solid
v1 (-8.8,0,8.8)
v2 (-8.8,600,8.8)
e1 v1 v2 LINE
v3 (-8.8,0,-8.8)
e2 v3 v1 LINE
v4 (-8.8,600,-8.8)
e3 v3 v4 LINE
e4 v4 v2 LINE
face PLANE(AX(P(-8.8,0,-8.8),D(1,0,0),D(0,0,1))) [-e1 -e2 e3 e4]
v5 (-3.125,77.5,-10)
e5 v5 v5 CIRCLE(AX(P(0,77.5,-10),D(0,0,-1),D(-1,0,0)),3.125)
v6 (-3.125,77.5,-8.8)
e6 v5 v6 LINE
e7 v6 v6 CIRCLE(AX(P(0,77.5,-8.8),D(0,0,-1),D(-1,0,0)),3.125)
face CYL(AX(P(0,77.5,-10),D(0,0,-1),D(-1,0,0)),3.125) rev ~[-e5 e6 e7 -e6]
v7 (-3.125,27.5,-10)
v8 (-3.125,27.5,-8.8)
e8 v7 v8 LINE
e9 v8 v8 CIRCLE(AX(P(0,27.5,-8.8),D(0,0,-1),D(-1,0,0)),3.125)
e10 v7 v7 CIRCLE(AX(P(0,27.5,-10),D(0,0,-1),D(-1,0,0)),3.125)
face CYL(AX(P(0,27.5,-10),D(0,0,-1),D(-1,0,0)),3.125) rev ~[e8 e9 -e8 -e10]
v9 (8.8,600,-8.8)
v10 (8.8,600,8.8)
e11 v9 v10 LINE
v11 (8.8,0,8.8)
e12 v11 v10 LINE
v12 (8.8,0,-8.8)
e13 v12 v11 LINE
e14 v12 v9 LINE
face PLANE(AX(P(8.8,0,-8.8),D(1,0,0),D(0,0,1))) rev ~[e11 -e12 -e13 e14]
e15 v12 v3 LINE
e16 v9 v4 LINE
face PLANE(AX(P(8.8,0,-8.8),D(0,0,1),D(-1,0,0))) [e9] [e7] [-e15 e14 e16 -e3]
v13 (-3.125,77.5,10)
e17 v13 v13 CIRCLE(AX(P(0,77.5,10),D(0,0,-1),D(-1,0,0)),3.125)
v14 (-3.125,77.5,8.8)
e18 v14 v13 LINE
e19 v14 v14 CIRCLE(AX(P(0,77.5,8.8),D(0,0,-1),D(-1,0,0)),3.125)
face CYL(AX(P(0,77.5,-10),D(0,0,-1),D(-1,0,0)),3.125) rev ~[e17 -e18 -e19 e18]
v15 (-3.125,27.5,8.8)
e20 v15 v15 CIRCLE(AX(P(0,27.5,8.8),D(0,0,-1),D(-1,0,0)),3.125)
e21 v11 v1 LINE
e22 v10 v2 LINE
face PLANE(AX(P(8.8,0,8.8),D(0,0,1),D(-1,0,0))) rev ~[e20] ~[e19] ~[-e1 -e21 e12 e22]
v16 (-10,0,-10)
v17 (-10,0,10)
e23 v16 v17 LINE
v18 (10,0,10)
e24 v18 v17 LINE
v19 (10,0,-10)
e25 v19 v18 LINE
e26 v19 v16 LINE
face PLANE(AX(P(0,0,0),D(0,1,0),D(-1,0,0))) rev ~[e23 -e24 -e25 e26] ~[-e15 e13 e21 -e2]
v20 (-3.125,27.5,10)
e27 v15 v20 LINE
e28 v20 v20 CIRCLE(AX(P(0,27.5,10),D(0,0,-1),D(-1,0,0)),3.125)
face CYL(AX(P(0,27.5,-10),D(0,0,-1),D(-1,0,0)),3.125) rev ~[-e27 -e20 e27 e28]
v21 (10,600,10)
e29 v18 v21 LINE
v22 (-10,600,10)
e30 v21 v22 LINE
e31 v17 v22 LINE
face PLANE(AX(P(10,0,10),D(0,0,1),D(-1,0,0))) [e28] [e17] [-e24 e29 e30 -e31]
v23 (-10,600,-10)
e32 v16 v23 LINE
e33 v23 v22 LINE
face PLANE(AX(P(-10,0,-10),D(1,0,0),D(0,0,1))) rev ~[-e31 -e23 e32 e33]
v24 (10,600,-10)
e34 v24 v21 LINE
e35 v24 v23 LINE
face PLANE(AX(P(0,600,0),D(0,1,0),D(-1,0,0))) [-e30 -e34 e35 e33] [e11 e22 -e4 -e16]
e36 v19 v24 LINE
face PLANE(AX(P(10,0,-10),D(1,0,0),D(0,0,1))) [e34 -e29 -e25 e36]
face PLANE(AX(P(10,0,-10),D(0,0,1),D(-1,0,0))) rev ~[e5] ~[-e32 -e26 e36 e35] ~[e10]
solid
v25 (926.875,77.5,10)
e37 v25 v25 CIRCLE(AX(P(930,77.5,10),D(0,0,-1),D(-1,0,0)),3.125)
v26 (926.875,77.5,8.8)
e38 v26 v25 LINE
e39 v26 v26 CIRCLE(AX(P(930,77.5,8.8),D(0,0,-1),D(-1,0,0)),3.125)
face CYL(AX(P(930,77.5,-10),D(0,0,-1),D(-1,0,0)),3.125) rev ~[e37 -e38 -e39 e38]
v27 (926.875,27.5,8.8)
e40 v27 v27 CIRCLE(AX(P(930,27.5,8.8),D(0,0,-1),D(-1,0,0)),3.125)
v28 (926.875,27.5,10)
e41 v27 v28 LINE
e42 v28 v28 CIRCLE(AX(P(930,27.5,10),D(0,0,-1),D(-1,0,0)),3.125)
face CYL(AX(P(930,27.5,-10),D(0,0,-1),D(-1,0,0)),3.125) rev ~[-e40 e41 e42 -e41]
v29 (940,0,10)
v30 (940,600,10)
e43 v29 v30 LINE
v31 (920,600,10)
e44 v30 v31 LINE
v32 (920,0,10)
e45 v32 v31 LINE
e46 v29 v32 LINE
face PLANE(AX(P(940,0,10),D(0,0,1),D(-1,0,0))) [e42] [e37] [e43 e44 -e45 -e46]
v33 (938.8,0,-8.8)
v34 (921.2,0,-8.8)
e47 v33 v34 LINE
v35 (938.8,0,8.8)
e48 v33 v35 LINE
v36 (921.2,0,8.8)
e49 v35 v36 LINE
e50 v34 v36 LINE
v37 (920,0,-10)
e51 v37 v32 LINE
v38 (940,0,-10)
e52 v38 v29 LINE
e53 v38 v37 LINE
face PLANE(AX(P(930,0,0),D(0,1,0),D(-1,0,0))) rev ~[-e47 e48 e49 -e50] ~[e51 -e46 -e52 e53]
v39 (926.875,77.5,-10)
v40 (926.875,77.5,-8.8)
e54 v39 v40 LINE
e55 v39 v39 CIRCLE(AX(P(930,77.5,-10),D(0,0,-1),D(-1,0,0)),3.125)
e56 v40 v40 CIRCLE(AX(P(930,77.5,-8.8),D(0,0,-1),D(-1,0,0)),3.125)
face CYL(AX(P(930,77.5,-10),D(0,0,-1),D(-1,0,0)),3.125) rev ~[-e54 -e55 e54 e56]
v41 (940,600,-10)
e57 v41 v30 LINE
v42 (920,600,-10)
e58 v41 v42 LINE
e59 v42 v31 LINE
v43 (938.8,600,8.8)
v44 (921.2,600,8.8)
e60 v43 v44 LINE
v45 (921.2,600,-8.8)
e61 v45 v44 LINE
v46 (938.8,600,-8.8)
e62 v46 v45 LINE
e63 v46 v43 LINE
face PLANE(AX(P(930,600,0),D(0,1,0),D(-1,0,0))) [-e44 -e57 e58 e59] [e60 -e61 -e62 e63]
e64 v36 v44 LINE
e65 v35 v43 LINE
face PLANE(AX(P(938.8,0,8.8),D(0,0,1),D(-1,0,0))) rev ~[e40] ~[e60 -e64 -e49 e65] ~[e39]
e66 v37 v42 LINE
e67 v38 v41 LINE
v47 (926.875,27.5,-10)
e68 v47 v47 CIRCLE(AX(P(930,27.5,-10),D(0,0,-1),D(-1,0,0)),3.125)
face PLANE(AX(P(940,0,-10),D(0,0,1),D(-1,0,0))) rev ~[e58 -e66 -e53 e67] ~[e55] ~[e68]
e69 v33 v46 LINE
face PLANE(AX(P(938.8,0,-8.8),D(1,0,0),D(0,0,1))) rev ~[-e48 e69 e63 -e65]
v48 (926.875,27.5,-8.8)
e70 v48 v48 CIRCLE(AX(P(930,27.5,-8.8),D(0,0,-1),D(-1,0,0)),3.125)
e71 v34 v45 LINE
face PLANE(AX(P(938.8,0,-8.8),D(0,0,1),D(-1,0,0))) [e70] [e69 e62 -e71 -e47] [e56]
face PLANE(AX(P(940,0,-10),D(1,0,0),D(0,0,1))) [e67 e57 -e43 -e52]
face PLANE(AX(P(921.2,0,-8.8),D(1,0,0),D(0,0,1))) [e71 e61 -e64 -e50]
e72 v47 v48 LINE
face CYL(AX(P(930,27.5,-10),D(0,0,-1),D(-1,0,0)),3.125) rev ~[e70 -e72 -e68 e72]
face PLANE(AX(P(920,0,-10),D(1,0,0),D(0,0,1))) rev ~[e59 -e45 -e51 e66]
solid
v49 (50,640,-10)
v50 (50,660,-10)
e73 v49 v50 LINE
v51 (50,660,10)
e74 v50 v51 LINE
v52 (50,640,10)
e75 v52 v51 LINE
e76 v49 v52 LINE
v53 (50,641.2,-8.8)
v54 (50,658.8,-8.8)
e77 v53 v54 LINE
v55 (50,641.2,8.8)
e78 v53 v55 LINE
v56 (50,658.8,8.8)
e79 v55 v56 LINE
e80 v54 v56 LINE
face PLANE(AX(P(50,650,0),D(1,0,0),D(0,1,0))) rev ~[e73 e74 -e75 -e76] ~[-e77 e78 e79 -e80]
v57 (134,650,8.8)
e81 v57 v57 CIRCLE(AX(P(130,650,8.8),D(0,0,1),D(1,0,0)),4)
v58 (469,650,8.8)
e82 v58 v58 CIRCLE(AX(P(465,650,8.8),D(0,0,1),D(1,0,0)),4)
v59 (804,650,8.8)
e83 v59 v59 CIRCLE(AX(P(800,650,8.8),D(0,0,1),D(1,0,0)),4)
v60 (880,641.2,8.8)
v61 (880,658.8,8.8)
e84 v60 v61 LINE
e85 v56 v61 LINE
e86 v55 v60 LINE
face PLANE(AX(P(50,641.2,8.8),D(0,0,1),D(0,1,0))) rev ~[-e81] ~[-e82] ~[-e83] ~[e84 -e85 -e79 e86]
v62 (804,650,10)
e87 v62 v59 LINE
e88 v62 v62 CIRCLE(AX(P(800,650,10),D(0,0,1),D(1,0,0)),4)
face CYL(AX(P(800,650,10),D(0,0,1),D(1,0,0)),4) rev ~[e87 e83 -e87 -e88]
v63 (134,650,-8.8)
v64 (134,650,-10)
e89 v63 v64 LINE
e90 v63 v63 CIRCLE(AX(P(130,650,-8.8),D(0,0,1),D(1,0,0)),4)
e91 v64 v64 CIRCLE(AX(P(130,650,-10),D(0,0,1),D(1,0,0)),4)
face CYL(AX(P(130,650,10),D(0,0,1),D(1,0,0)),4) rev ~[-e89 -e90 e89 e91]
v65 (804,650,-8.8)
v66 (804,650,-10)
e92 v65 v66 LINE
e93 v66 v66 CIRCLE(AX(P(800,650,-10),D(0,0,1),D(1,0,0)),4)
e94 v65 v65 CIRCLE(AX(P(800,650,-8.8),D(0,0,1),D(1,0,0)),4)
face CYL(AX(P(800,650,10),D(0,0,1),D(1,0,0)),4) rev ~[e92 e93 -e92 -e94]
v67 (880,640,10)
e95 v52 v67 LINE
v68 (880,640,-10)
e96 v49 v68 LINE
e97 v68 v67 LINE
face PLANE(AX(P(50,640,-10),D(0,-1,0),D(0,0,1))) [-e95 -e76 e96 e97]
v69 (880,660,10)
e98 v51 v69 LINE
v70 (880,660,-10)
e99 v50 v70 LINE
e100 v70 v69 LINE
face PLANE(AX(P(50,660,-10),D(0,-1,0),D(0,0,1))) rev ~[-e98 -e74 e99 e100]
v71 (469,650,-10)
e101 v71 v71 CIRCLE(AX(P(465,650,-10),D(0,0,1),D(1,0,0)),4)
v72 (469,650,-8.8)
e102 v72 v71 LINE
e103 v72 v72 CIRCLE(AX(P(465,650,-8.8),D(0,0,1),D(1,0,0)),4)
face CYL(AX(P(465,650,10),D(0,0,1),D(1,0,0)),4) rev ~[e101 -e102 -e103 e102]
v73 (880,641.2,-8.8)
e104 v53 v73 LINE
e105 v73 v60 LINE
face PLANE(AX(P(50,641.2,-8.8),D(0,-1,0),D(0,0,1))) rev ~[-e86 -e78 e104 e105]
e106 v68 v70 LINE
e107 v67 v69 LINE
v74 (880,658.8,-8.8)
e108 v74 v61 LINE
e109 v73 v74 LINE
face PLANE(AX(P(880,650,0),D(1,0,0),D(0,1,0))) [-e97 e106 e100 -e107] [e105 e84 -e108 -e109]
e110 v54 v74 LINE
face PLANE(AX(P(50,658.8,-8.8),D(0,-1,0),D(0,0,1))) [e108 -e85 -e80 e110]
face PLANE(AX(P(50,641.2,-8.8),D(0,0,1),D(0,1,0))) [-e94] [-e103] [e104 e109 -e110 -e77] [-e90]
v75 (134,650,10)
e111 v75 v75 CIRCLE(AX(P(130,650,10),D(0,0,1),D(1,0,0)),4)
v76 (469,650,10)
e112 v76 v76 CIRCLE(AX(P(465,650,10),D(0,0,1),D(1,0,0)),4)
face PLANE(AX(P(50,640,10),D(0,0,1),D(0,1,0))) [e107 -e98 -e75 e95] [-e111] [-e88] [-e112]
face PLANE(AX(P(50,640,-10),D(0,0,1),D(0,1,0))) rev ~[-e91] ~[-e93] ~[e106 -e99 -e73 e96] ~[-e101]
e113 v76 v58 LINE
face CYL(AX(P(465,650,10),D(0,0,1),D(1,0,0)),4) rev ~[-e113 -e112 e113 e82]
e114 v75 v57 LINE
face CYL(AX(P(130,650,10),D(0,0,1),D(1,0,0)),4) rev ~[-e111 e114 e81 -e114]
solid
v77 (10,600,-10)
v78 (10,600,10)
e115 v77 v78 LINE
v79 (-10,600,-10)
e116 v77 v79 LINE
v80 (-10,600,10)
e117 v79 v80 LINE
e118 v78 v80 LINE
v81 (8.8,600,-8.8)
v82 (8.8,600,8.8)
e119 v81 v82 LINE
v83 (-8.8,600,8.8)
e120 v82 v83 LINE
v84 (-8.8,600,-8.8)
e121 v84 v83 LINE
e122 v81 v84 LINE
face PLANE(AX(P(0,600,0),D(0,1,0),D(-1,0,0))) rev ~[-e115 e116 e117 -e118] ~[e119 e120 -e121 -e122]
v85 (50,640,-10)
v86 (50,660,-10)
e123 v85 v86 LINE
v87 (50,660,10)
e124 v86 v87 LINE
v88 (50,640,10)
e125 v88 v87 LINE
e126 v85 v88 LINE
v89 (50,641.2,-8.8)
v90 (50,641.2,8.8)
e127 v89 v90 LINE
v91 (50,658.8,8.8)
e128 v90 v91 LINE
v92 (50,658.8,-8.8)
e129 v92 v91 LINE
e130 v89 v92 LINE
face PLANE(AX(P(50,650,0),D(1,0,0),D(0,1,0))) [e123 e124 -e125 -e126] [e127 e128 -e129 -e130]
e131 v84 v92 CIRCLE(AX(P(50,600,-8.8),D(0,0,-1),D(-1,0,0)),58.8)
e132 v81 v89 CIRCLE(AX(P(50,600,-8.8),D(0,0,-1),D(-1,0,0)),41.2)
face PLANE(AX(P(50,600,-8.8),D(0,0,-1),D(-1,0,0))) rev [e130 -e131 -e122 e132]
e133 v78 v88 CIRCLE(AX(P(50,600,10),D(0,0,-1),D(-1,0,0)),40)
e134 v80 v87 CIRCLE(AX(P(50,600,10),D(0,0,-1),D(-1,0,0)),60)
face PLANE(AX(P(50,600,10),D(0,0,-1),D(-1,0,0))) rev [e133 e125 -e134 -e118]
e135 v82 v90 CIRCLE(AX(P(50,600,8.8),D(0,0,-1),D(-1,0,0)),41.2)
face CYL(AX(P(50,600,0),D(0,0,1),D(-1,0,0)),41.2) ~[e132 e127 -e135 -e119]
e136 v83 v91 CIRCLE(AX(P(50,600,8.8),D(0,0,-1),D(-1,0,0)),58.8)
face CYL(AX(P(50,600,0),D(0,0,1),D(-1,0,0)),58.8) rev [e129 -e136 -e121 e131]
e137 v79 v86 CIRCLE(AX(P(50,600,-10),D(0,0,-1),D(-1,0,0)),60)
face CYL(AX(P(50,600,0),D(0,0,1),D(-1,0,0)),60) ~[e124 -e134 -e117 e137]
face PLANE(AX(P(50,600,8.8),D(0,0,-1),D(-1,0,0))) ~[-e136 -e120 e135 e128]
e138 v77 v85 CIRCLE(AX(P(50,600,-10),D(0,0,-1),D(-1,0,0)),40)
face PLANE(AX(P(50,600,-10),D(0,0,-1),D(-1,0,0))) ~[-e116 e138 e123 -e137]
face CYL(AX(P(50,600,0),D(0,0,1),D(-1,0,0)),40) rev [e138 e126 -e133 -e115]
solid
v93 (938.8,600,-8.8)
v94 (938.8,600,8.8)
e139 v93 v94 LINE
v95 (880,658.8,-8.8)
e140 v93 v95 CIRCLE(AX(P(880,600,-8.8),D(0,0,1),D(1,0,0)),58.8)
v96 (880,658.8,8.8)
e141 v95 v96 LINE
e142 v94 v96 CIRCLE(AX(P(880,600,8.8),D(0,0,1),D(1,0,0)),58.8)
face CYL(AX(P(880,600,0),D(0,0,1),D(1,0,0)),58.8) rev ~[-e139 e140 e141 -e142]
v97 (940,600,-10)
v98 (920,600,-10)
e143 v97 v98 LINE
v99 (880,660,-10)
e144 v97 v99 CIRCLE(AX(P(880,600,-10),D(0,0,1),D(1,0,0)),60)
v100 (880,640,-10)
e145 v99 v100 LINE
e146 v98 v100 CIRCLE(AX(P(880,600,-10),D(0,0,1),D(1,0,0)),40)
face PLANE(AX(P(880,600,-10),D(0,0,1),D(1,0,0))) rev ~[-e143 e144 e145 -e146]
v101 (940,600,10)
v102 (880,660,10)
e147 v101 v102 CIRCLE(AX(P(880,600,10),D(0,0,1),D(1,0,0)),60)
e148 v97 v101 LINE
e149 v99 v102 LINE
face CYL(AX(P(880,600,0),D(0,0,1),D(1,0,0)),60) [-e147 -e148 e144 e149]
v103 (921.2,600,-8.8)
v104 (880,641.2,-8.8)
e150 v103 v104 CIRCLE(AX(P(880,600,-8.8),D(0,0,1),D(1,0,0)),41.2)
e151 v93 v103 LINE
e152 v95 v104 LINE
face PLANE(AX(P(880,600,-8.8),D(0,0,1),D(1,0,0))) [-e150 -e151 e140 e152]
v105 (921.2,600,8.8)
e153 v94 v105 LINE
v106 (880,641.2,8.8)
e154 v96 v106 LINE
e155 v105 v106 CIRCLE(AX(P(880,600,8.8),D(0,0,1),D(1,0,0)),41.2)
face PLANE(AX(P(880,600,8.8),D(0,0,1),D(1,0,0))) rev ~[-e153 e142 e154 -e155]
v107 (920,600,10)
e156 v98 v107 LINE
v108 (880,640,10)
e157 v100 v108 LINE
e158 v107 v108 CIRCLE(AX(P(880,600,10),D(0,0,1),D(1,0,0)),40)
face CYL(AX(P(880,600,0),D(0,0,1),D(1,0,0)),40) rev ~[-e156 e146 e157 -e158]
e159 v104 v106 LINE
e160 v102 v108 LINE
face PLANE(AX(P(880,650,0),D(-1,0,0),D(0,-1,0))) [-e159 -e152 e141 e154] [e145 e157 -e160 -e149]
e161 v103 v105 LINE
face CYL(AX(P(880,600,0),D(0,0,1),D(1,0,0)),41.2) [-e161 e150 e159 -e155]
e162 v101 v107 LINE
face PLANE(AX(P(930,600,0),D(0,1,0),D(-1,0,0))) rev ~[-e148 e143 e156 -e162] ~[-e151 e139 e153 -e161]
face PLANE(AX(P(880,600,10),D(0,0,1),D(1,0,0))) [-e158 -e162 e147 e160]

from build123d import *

# Parameters (mm, degrees)
SKETCH15_W                                    = 20
SKETCH15_H                                    = 20
SKETCH15_W_2                                  = 17.6
SKETCH15_H_2                                  = 17.6
AL_TUBE_SQUARE_AL_TUBE_0_75_SQR_X_0_065_DEPTH = 600
SKETCH15_ON_SEGMENT_2_W                       = 20
SKETCH15_ON_SEGMENT_2_H                       = 20
SKETCH15_ON_SEGMENT_2_W_2                     = 17.6
SKETCH15_ON_SEGMENT_2_H_2                     = 17.6
AL_TUBE_SQUARE_AL_TUBE_0_75_SQR_X_0_2_ANGLE   = 90
SKETCH15_ON_SEGMENT_3_W                       = 20
SKETCH15_ON_SEGMENT_3_H                       = 20
SKETCH15_ON_SEGMENT_3_W_2                     = 17.6
SKETCH15_ON_SEGMENT_3_H_2                     = 17.6
AL_TUBE_SQUARE_AL_TUBE_0_75_SQR_X_0_3_DEPTH   = 830
SKETCH15_ON_SEGMENT_4_W                       = 20
SKETCH15_ON_SEGMENT_4_H                       = 20
SKETCH15_ON_SEGMENT_4_W_2                     = 17.6
SKETCH15_ON_SEGMENT_4_H_2                     = 17.6
AL_TUBE_SQUARE_AL_TUBE_0_75_SQR_X_0_4_ANGLE   = 90
SKETCH15_ON_SEGMENT_5_W                       = 20
SKETCH15_ON_SEGMENT_5_H                       = 20
SKETCH15_ON_SEGMENT_5_W_2                     = 17.6
SKETCH15_ON_SEGMENT_5_H_2                     = 17.6
AL_TUBE_SQUARE_AL_TUBE_0_75_SQR_X_0_5_DEPTH   = 600
SKETCH16_R                                    = 4
CUT_EXTRUDE1_DEPTH                            = 1149.738438462
SKETCH17_R                                    = 3.125
CUT_EXTRUDE2_DEPTH                            = 1149.738438462


with BuildPart() as part:
    # Sketch15 → Al tube square AL TUBE 0.75 SQR X 0.065 WALL(1) (new body)
    with BuildSketch(Plane(origin=(0, 0, 0), x_dir=(-1, 0, 0), z_dir=(0, 1, 0))):
        Rectangle(SKETCH15_W, SKETCH15_H)
        Rectangle(SKETCH15_W_2, SKETCH15_H_2, mode=Mode.SUBTRACT)
    extrude(amount=AL_TUBE_SQUARE_AL_TUBE_0_75_SQR_X_0_065_DEPTH)


with BuildPart() as body_2:
    # Sketch15 on segment 2 (carried to the start of arc 2) → Al tube square AL TUBE 0.75 SQR X 0. 2 (revolve)
    with BuildSketch(Plane(origin=(0, 600, 0), x_dir=(-1, 0, 0), z_dir=(0, 1, 0))):
        Rectangle(SKETCH15_ON_SEGMENT_2_W, SKETCH15_ON_SEGMENT_2_H)
        Rectangle(SKETCH15_ON_SEGMENT_2_W_2, SKETCH15_ON_SEGMENT_2_H_2, mode=Mode.SUBTRACT)
    revolve(axis=Axis((50, 600, 0), (0, 0, -1)), revolution_arc=AL_TUBE_SQUARE_AL_TUBE_0_75_SQR_X_0_2_ANGLE)


with BuildPart() as body_3:
    # Sketch15 on segment 3 (carried to segment 3) → Al tube square AL TUBE 0.75 SQR X 0. 3 (new body)
    with BuildSketch(Plane(origin=(50, 650, 0), x_dir=(0, 1, 0), z_dir=(1, 0, 0))):
        Rectangle(SKETCH15_ON_SEGMENT_3_W, SKETCH15_ON_SEGMENT_3_H)
        Rectangle(SKETCH15_ON_SEGMENT_3_W_2, SKETCH15_ON_SEGMENT_3_H_2, mode=Mode.SUBTRACT)
    extrude(amount=AL_TUBE_SQUARE_AL_TUBE_0_75_SQR_X_0_3_DEPTH)

    # Sketch16 → Cut-Extrude1 (cut, through all)
    with BuildSketch(Plane.XY.offset(10)):
        with Locations((130, 650)):
            Circle(SKETCH16_R)
        with Locations((800, 650)):
            Circle(SKETCH16_R)
        with Locations((465, 650)):
            Circle(SKETCH16_R)
    extrude(amount=-CUT_EXTRUDE1_DEPTH, mode=Mode.SUBTRACT)


with BuildPart() as body_4:
    # Sketch15 on segment 4 (carried to the start of arc 4) → Al tube square AL TUBE 0.75 SQR X 0. 4 (revolve)
    with BuildSketch(Plane(origin=(930, 600, 0), x_dir=(-1, 0, 0), z_dir=(0, 1, 0))):
        Rectangle(SKETCH15_ON_SEGMENT_4_W, SKETCH15_ON_SEGMENT_4_H)
        Rectangle(SKETCH15_ON_SEGMENT_4_W_2, SKETCH15_ON_SEGMENT_4_H_2, mode=Mode.SUBTRACT)
    revolve(axis=Axis((880, 600, 0), (0, 0, 1)), revolution_arc=AL_TUBE_SQUARE_AL_TUBE_0_75_SQR_X_0_4_ANGLE)


with BuildPart() as body_5:
    # Sketch15 on segment 5 (carried to segment 5) → Al tube square AL TUBE 0.75 SQR X 0. 5 (new body)
    with BuildSketch(Plane(origin=(930, 0, 0), x_dir=(-1, 0, 0), z_dir=(0, 1, 0))):
        Rectangle(SKETCH15_ON_SEGMENT_5_W, SKETCH15_ON_SEGMENT_5_H)
        Rectangle(SKETCH15_ON_SEGMENT_5_W_2, SKETCH15_ON_SEGMENT_5_H_2, mode=Mode.SUBTRACT)
    extrude(amount=AL_TUBE_SQUARE_AL_TUBE_0_75_SQR_X_0_5_DEPTH)


with BuildPart() as cut_extrude2_tool:
    # Sketch17 → Cut-Extrude2 (new, through all)
    with BuildSketch(Plane(origin=(0, 0, -10), x_dir=(-1, 0, 0), z_dir=(0, 0, -1))):
        with Locations((-930, 27.5)):
            Circle(SKETCH17_R)
        with Locations((-930, 77.5)):
            Circle(SKETCH17_R)
        with Locations((0, 77.5)):
            Circle(SKETCH17_R)
        with Locations((0, 27.5)):
            Circle(SKETCH17_R)
    extrude(amount=-CUT_EXTRUDE2_DEPTH)


with BuildPart() as part_1:
    add(part.part)

    # Cut-Extrude2: cut by cut_extrude2_tool
    add(cut_extrude2_tool.part, mode=Mode.SUBTRACT)


with BuildPart() as body_5_1:
    add(body_5.part)

    # Cut-Extrude2: cut by cut_extrude2_tool
    add(cut_extrude2_tool.part, mode=Mode.SUBTRACT)


solid = Compound([body_2.part, body_3.part, body_4.part, part_1.part, body_5_1.part])
